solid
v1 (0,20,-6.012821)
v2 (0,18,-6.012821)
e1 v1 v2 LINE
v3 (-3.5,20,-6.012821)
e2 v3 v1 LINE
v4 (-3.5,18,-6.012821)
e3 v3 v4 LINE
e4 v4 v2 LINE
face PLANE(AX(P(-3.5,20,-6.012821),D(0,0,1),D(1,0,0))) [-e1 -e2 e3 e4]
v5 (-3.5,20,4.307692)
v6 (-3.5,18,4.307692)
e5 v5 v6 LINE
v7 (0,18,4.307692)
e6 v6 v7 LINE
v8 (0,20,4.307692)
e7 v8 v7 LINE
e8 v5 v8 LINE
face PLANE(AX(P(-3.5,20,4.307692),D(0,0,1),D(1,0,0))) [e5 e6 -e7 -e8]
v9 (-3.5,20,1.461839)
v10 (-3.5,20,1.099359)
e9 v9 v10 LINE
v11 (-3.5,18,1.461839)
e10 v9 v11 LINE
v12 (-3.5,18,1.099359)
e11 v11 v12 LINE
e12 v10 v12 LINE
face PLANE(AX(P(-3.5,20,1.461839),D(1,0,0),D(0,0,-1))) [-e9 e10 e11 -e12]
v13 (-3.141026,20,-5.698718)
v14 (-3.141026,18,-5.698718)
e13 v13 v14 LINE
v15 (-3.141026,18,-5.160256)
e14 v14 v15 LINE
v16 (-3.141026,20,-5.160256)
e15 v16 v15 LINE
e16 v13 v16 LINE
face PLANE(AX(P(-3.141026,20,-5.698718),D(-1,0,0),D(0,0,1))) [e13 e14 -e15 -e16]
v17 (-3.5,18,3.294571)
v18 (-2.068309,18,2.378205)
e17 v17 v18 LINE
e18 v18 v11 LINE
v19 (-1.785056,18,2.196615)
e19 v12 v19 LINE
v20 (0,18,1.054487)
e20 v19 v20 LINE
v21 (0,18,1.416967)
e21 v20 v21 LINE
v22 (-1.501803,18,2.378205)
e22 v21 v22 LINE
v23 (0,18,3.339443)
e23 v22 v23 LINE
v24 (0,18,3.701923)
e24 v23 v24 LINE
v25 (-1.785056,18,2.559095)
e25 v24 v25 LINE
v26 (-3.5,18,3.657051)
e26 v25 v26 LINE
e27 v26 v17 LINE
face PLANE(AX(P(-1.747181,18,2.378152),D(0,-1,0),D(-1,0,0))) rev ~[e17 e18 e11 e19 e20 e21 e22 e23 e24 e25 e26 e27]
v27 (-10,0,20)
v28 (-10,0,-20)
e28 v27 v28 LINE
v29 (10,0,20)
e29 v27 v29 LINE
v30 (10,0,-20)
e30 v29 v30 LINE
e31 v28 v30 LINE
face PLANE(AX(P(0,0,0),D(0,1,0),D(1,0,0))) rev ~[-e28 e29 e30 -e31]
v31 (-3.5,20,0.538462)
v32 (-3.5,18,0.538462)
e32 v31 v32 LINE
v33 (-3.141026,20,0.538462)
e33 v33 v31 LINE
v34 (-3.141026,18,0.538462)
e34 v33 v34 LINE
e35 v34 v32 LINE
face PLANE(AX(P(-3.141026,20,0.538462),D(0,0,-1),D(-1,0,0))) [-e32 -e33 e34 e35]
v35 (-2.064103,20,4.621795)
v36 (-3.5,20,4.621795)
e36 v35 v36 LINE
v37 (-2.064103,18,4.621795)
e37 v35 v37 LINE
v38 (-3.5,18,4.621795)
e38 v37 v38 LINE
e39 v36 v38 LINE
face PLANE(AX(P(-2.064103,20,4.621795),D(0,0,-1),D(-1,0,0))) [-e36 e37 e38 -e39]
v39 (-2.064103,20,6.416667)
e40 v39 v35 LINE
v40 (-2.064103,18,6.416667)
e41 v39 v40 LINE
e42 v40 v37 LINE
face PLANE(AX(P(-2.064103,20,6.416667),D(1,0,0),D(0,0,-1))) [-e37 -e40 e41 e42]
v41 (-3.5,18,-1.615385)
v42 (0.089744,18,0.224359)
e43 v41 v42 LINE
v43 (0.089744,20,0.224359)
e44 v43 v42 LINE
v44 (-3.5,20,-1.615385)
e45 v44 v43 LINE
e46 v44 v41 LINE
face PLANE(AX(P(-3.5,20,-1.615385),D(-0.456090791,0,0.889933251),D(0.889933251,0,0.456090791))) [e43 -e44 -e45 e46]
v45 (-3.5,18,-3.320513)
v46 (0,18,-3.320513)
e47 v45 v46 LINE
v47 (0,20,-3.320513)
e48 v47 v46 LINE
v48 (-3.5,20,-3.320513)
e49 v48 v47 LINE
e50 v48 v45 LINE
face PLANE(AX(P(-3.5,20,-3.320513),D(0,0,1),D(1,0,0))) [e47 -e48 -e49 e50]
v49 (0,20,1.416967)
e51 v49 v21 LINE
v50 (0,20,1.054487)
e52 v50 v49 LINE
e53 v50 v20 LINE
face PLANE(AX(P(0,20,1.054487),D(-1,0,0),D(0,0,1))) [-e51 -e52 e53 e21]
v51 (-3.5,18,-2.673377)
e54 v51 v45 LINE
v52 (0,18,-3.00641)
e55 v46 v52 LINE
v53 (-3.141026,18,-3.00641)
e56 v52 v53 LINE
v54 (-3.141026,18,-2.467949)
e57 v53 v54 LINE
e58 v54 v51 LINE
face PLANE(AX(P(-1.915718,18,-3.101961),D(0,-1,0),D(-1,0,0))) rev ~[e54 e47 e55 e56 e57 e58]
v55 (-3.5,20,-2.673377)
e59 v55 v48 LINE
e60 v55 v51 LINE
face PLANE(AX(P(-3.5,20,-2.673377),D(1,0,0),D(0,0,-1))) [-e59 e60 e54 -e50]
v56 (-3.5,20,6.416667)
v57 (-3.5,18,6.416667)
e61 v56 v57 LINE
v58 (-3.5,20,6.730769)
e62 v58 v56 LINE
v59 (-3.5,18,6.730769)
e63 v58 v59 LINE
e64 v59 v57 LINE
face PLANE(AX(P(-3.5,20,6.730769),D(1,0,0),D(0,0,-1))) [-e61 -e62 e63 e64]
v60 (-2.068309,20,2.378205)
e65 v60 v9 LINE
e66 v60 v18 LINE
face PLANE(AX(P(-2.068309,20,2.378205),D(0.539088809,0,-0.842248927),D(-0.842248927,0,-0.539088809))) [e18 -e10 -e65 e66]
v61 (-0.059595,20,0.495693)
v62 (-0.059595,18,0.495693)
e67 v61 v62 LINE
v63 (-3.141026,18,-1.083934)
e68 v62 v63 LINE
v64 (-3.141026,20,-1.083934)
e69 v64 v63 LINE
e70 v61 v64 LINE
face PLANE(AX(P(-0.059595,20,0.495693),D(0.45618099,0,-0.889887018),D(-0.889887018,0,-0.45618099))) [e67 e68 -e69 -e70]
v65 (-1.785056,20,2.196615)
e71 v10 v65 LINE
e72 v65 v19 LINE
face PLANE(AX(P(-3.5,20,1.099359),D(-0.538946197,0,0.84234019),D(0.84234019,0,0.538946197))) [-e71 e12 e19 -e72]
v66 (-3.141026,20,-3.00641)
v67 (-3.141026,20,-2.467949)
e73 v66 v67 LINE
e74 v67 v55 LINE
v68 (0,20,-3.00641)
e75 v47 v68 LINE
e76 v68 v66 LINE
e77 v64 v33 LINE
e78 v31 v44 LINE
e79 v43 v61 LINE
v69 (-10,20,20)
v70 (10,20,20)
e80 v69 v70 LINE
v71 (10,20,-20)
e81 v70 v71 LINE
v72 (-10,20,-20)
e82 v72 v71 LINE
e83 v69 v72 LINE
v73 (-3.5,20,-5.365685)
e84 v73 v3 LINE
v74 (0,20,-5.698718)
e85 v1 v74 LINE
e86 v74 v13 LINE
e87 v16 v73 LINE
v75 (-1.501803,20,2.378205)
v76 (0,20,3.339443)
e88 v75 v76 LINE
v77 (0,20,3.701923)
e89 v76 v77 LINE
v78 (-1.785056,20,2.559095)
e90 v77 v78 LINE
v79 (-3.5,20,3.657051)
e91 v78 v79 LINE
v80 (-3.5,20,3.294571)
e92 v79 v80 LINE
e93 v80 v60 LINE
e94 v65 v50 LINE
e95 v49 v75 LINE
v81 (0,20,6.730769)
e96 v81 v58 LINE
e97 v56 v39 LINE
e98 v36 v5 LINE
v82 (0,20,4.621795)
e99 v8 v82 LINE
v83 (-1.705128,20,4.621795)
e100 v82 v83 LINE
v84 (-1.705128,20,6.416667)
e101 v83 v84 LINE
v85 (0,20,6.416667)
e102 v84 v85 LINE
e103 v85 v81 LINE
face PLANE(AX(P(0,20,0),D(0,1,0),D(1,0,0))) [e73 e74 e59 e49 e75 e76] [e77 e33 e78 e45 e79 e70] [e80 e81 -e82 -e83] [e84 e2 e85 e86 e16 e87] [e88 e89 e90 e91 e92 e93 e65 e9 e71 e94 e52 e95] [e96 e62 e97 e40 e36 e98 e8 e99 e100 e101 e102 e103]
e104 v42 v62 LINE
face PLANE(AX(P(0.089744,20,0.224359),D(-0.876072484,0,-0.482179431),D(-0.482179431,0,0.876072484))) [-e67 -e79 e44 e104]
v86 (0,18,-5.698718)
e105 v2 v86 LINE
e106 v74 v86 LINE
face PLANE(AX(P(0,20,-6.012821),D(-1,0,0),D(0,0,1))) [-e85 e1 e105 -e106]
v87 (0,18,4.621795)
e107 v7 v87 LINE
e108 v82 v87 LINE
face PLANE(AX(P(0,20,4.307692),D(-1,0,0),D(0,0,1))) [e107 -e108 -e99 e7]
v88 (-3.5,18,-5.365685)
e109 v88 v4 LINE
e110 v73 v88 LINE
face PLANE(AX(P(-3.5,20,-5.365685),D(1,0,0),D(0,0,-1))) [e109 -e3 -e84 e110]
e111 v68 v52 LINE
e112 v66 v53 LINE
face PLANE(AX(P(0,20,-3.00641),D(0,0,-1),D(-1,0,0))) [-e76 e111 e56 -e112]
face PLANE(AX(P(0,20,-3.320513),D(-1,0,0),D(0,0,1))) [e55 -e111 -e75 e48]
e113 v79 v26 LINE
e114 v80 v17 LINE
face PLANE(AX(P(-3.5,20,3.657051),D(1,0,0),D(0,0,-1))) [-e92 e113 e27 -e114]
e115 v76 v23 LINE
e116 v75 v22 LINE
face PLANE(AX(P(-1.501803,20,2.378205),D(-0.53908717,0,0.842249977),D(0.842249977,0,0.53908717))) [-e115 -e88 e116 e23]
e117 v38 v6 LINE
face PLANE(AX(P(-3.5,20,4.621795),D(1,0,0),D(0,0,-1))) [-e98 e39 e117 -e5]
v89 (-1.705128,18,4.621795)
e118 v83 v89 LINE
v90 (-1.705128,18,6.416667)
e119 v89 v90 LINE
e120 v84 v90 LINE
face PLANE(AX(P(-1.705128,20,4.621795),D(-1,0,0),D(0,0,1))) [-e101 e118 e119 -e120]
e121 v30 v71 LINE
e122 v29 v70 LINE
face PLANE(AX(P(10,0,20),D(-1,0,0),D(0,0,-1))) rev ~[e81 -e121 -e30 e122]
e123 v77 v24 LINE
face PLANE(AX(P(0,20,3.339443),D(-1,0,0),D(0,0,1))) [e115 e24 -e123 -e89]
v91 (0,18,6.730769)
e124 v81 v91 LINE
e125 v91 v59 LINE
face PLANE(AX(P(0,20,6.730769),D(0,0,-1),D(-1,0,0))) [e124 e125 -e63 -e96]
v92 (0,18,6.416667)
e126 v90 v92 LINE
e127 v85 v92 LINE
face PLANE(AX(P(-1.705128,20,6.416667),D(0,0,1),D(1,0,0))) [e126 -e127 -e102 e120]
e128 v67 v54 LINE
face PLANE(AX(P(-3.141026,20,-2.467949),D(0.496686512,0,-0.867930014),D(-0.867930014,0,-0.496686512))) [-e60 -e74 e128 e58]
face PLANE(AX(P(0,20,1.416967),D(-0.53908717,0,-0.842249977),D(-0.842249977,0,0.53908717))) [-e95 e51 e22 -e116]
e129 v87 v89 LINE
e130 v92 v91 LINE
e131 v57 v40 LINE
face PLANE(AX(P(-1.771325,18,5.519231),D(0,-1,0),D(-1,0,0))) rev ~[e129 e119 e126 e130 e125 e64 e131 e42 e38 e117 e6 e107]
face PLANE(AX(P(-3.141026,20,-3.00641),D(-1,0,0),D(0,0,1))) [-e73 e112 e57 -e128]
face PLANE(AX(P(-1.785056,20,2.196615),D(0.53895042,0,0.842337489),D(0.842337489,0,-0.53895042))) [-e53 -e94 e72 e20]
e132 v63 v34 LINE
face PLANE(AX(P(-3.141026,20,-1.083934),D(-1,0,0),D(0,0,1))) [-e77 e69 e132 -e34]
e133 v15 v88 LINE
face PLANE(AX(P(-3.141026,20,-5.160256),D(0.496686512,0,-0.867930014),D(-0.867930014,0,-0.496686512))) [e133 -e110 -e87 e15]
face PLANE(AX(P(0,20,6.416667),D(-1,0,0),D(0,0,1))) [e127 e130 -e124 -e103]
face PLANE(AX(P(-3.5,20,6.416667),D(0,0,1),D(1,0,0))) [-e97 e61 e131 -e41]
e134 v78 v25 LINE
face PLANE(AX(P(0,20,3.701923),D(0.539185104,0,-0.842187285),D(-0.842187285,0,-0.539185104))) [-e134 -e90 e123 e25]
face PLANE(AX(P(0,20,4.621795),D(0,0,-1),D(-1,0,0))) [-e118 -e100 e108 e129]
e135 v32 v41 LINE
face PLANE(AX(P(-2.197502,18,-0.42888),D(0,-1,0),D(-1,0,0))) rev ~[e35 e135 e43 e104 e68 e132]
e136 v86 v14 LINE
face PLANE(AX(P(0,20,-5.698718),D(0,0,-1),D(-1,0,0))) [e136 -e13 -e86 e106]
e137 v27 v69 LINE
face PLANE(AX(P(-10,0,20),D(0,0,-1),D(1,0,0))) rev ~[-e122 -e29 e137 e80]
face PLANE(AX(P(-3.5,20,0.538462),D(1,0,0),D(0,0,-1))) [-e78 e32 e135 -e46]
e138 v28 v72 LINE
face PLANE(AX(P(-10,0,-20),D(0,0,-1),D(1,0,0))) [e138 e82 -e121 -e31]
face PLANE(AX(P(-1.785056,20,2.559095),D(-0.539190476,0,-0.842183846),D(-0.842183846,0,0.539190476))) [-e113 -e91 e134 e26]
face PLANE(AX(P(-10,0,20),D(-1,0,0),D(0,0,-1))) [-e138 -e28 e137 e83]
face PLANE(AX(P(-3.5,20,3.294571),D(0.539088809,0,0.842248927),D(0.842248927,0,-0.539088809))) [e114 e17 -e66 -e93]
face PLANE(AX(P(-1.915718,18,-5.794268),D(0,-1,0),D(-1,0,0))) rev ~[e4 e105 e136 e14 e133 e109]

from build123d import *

# Parameters (mm, degrees)
SKETCH1_W           = 20
SKETCH1_H           = 40
BOSS_EXTRUDE1_DEPTH = 20
CUT_EXTRUDE1_DEPTH  = 2


with BuildPart() as part:
    # Sketch1 → Boss-Extrude1 (new body)
    with BuildSketch(Plane(origin=(0, 0, 0), x_dir=(1, 0, 0), z_dir=(0, 1, 0))):
        Rectangle(SKETCH1_W, SKETCH1_H)
    extrude(amount=BOSS_EXTRUDE1_DEPTH)

    # Sketch2 → Cut-Extrude1 (cut)
    with BuildSketch(Plane(origin=(0, 20, 0), x_dir=(1, 0, 0), z_dir=(0, 1, 0))):
        Polygon((-3.5, -6.730769231), (-3.5, -6.416666667), (-2.064102564, -6.416666667), (-2.064102564, -4.621794872), (-3.5, -4.621794872), (-3.5, -4.307692308), (0, -4.307692308), (0, -4.621794872), (-1.705128205, -4.621794872), (-1.705128205, -6.416666667), (0, -6.416666667), (0, -6.730769231), align=None)
        Polygon((-3.5, -3.657051282), (-3.5, -3.294571314), (-2.068309295, -2.378205128), (-3.5, -1.461838942), (-3.5, -1.099358974), (-1.78505609, -2.196614583), (0, -1.054487179), (0, -1.416967147), (-1.501802885, -2.378205128), (0, -3.339443109), (0, -3.701923077), (-1.78505609, -2.559094551), align=None)
        Polygon((-3.5, -0.538461538), (-3.5, 1.615384615), (0.08974359, -0.224358974), (-0.059595353, -0.495693109), (-3.141025641, 1.083934295), (-3.141025641, -0.538461538), align=None)
        Polygon((-3.5, 2.673377404), (-3.5, 3.320512821), (0, 3.320512821), (0, 3.006410256), (-3.141025641, 3.006410256), (-3.141025641, 2.467948718), align=None)
        Polygon((-3.5, 5.365685096), (-3.5, 6.012820513), (0, 6.012820513), (0, 5.698717949), (-3.141025641, 5.698717949), (-3.141025641, 5.16025641), align=None)
    extrude(amount=-CUT_EXTRUDE1_DEPTH, mode=Mode.SUBTRACT)


solid = part.part
